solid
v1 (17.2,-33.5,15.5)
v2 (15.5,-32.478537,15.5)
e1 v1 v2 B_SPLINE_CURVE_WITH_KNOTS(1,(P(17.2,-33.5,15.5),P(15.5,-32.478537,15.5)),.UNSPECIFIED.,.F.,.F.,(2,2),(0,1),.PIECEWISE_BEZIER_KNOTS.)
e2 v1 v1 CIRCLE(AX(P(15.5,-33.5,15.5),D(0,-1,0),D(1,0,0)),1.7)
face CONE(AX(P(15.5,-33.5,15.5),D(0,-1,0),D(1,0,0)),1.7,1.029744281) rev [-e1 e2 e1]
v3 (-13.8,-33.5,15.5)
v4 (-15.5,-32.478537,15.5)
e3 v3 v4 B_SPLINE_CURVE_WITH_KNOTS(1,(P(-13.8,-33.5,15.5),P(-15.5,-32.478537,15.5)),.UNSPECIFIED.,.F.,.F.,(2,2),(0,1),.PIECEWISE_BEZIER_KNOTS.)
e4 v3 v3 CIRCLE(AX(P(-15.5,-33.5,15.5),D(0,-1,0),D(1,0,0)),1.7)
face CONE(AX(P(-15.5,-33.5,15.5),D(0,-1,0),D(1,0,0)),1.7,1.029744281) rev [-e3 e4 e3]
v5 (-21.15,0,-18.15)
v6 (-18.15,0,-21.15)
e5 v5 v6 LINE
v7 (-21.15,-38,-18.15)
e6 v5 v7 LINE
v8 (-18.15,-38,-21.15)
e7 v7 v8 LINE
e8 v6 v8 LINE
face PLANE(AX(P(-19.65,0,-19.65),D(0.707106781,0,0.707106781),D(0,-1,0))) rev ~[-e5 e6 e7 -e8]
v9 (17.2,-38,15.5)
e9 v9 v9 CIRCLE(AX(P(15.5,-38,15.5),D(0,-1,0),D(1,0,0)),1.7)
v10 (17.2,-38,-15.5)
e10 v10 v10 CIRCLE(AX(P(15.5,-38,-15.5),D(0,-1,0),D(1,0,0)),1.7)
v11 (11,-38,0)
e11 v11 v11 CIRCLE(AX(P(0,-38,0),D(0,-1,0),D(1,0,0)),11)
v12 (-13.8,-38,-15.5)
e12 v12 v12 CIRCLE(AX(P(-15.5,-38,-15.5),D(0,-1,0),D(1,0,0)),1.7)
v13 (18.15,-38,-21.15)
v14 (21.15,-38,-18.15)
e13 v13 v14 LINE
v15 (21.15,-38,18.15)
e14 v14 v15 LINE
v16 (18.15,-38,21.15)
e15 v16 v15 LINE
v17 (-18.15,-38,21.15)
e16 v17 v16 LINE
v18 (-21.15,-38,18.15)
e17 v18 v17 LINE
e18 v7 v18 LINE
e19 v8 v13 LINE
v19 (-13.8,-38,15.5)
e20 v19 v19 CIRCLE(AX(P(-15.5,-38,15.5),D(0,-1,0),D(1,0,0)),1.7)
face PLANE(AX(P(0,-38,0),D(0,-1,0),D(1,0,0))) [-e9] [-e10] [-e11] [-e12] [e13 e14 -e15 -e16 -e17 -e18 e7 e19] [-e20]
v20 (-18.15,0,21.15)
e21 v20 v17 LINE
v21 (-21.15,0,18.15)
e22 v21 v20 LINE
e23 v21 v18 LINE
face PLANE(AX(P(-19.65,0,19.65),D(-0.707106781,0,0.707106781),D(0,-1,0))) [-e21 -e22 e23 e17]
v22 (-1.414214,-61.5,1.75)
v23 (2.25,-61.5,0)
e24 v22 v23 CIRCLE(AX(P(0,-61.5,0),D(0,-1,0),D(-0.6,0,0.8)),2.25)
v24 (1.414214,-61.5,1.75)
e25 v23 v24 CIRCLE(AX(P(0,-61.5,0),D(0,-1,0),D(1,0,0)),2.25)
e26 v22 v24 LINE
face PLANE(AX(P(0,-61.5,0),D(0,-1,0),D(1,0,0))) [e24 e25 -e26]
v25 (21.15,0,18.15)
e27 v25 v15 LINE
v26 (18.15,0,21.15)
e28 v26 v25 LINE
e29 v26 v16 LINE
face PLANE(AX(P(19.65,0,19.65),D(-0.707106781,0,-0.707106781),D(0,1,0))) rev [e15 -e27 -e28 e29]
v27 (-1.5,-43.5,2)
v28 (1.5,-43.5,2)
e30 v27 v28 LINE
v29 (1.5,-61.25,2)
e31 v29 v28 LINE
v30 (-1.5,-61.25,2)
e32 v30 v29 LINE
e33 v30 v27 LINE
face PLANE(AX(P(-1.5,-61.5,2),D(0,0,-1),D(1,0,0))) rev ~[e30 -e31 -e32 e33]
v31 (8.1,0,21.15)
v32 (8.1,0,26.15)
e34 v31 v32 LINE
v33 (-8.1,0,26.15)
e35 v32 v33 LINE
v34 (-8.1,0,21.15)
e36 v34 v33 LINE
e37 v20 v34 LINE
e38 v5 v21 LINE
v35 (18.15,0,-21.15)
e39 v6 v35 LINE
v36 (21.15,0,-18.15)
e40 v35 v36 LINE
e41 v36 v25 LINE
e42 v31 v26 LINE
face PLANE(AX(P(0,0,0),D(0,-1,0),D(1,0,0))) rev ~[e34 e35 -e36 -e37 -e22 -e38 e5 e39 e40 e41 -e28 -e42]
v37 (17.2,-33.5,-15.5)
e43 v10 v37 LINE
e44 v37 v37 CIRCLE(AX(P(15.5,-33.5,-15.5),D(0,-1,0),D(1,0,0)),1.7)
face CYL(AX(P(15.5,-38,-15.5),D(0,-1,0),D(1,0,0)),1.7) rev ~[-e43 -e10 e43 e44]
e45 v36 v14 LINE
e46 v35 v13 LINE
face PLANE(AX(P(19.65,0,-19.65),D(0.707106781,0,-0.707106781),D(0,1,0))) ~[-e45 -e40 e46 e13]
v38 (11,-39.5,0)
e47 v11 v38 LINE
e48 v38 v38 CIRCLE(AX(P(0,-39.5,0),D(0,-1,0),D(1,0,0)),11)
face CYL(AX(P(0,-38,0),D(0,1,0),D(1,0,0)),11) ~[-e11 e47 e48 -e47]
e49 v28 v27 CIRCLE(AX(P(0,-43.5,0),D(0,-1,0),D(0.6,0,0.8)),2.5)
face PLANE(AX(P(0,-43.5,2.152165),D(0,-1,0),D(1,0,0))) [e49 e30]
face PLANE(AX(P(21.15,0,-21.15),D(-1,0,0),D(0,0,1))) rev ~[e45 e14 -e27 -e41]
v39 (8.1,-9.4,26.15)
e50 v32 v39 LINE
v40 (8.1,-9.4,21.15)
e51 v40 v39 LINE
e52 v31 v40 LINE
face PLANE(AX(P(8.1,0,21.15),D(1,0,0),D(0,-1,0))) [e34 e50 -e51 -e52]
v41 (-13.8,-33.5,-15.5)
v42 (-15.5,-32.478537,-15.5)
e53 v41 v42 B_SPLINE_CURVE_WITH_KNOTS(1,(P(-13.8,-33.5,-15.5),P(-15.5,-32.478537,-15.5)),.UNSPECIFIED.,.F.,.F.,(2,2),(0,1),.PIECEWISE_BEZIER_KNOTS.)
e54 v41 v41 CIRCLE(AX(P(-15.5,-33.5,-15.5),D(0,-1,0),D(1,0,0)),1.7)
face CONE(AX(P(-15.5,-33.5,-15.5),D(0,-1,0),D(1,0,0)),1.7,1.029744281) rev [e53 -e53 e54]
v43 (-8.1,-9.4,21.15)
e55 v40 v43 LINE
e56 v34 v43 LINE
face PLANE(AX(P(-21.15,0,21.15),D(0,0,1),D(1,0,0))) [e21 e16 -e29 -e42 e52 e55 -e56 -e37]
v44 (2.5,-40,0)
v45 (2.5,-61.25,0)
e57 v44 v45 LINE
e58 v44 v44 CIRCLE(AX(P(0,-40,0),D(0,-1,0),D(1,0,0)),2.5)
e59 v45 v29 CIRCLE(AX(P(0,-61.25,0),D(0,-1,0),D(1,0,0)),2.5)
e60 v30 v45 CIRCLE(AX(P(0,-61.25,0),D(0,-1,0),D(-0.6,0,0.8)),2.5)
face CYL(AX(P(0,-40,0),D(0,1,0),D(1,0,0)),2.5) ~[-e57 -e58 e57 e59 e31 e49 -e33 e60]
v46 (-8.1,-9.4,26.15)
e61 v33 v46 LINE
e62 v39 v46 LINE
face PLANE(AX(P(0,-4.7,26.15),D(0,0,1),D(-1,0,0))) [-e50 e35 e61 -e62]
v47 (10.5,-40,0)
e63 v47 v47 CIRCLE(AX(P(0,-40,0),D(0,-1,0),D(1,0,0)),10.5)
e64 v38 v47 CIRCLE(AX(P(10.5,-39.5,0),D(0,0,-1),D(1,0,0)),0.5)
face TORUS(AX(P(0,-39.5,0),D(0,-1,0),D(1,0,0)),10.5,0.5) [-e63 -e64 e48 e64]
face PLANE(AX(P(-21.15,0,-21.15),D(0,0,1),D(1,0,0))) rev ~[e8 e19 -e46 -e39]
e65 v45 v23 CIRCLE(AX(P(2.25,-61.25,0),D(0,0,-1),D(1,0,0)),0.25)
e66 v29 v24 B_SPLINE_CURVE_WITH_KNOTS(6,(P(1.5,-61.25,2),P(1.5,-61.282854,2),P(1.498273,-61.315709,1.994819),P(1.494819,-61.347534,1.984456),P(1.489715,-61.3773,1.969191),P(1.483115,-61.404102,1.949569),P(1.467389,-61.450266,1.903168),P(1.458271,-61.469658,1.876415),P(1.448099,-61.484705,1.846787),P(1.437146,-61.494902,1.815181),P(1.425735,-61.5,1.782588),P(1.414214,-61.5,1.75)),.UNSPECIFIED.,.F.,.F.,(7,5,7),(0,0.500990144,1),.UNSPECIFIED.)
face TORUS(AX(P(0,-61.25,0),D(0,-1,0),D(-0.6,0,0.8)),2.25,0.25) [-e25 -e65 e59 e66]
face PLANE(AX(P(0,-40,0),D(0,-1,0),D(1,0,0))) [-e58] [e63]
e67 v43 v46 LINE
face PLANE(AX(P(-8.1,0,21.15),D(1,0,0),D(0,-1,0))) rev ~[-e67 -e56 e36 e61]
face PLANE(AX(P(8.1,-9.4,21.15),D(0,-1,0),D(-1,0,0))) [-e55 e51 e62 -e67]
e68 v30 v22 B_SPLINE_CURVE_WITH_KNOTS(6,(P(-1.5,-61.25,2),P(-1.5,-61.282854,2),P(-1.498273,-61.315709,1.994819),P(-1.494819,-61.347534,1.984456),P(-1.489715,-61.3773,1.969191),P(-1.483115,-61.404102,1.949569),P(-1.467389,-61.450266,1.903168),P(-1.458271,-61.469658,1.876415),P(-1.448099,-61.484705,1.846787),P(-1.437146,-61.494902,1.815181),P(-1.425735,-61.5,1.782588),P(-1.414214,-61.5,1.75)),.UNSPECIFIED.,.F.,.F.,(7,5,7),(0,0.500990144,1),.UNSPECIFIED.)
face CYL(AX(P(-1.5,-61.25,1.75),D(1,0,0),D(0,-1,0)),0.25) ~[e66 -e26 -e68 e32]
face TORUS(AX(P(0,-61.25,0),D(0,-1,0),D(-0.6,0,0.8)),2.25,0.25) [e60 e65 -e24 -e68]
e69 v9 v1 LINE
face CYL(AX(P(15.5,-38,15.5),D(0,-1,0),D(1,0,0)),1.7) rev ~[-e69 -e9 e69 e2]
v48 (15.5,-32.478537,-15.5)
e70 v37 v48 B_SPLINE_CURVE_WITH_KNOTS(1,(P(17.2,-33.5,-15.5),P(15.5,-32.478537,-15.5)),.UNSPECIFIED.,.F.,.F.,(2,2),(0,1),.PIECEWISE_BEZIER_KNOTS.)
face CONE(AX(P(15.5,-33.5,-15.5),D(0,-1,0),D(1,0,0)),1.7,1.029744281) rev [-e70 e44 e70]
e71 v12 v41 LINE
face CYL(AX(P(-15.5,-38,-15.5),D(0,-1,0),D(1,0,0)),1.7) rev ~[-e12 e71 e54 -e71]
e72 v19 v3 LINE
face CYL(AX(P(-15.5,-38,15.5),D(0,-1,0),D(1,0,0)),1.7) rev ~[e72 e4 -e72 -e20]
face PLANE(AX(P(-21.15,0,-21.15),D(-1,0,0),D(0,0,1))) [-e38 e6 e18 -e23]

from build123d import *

# Parameters (mm, degrees)
SKETCH_W     = 42.3
SKETCH_H     = 42.3
PAD_DEPTH    = 38
SKETCH001_R  = 1.7
HOLE_DEPTH   = 4.5
HOLE_TIPS_R  = 1.7
SKETCH002_R  = 11
PAD001_DEPTH = 2
FILLET_R     = 0.5
CHAMFER_SIZE = 3
SKETCH003_R  = 2.5
PAD002_DEPTH = 21.5
POCKET_DEPTH = 18
FILLET001_R  = 0.25
SKETCH005_W  = 16.2
SKETCH005_H  = 9.4
PAD003_DEPTH = 5


with BuildPart() as part:
    # Sketch → Pad (new body)
    with BuildSketch(Plane.XZ):
        Rectangle(SKETCH_W, SKETCH_H)
    extrude(amount=PAD_DEPTH)

    # Sketch001 (on Face6 of Pad) → Hole (cut)
    with BuildSketch(Plane.XZ.offset(38)):
        with Locations((-15.5, 15.5)):
            Circle(SKETCH001_R)
        with Locations((15.5, 15.5)):
            Circle(SKETCH001_R)
        with Locations((15.5, -15.5)):
            Circle(SKETCH001_R)
        with Locations((-15.5, -15.5)):
            Circle(SKETCH001_R)
    extrude(amount=-HOLE_DEPTH, mode=Mode.SUBTRACT)

    # Hole tips → Hole tip 1 section 0
    with BuildSketch(Plane.XZ.offset(33.5), mode=Mode.PRIVATE) as hole_tip_1_s0:
        with Locations((-15.5, 15.5)):
            Circle(HOLE_TIPS_R)
    loft([hole_tip_1_s0.sketch, Vertex(-15.5, -32.478537, 15.5)], mode=Mode.SUBTRACT)

    # Hole tips → Hole tip 2 section 0
    with BuildSketch(Plane.XZ.offset(33.5), mode=Mode.PRIVATE) as hole_tip_2_s0:
        with Locations((15.5, 15.5)):
            Circle(HOLE_TIPS_R)
    loft([hole_tip_2_s0.sketch, Vertex(15.5, -32.478537, 15.5)], mode=Mode.SUBTRACT)

    # Hole tips → Hole tip 3 section 0
    with BuildSketch(Plane.XZ.offset(33.5), mode=Mode.PRIVATE) as hole_tip_3_s0:
        with Locations((15.5, -15.5)):
            Circle(HOLE_TIPS_R)
    loft([hole_tip_3_s0.sketch, Vertex(15.5, -32.478537, -15.5)], mode=Mode.SUBTRACT)

    # Hole tips → Hole tip 4 section 0
    with BuildSketch(Plane.XZ.offset(33.5), mode=Mode.PRIVATE) as hole_tip_4_s0:
        with Locations((-15.5, -15.5)):
            Circle(HOLE_TIPS_R)
    loft([hole_tip_4_s0.sketch, Vertex(-15.5, -32.478537, -15.5)], mode=Mode.SUBTRACT)

    # Sketch002 (on Face5 of Hole) → Pad001 (join)
    with BuildSketch(Plane.XZ.offset(38)):
        Circle(SKETCH002_R)
    extrude(amount=PAD001_DEPTH)

    # Fillet
    fillet_edges = [part.edges().sort_by_distance(p)[0] for p in [
        (-11, -40, 0),
    ]]
    fillet(fillet_edges, radius=FILLET_R)

    # Chamfer
    chamfer_edges = [part.edges().sort_by_distance(p)[0] for p in [
        (-21.15, -19, -21.15),
        (-21.15, -19, 21.15),
        (21.15, -19, 21.15),
        (21.15, -19, -21.15),
    ]]
    chamfer(chamfer_edges, length=CHAMFER_SIZE)

    # Sketch003 (on Face21 of Chamfer) → Pad002 (join)
    with BuildSketch(Plane.XZ.offset(40)):
        Circle(SKETCH003_R)
    extrude(amount=PAD002_DEPTH)

    # Sketch004 (on Face23 of Pad002) → Pocket (cut)
    with BuildSketch(Plane.XZ.offset(61.5)):
        with BuildLine():
            Line((-1.5, 2), (1.5, 2))
            ThreePointArc((1.5, 2), (0, 2.5), (-1.5, 2))
        make_face()
    extrude(amount=-POCKET_DEPTH, mode=Mode.SUBTRACT)

    # Fillet001
    fillet001_edges = [part.edges().sort_by_distance(p)[0] for p in [
        (-1.118034, -61.5, -2.236068),
        (0, -61.5, 2),
        (2.236068, -61.5, 1.118034),
    ]]
    fillet(fillet001_edges, radius=FILLET001_R)

    # Sketch005 (on Face19 of Fillet001) → Pad003 (join)
    with BuildSketch(Plane(origin=(0, 0, 21.15), x_dir=(-1, 0, 0), z_dir=(0, 0, 1))):
        with Locations((0, 4.7)):
            Rectangle(SKETCH005_W, SKETCH005_H)
    extrude(amount=PAD003_DEPTH)


solid = part.part
